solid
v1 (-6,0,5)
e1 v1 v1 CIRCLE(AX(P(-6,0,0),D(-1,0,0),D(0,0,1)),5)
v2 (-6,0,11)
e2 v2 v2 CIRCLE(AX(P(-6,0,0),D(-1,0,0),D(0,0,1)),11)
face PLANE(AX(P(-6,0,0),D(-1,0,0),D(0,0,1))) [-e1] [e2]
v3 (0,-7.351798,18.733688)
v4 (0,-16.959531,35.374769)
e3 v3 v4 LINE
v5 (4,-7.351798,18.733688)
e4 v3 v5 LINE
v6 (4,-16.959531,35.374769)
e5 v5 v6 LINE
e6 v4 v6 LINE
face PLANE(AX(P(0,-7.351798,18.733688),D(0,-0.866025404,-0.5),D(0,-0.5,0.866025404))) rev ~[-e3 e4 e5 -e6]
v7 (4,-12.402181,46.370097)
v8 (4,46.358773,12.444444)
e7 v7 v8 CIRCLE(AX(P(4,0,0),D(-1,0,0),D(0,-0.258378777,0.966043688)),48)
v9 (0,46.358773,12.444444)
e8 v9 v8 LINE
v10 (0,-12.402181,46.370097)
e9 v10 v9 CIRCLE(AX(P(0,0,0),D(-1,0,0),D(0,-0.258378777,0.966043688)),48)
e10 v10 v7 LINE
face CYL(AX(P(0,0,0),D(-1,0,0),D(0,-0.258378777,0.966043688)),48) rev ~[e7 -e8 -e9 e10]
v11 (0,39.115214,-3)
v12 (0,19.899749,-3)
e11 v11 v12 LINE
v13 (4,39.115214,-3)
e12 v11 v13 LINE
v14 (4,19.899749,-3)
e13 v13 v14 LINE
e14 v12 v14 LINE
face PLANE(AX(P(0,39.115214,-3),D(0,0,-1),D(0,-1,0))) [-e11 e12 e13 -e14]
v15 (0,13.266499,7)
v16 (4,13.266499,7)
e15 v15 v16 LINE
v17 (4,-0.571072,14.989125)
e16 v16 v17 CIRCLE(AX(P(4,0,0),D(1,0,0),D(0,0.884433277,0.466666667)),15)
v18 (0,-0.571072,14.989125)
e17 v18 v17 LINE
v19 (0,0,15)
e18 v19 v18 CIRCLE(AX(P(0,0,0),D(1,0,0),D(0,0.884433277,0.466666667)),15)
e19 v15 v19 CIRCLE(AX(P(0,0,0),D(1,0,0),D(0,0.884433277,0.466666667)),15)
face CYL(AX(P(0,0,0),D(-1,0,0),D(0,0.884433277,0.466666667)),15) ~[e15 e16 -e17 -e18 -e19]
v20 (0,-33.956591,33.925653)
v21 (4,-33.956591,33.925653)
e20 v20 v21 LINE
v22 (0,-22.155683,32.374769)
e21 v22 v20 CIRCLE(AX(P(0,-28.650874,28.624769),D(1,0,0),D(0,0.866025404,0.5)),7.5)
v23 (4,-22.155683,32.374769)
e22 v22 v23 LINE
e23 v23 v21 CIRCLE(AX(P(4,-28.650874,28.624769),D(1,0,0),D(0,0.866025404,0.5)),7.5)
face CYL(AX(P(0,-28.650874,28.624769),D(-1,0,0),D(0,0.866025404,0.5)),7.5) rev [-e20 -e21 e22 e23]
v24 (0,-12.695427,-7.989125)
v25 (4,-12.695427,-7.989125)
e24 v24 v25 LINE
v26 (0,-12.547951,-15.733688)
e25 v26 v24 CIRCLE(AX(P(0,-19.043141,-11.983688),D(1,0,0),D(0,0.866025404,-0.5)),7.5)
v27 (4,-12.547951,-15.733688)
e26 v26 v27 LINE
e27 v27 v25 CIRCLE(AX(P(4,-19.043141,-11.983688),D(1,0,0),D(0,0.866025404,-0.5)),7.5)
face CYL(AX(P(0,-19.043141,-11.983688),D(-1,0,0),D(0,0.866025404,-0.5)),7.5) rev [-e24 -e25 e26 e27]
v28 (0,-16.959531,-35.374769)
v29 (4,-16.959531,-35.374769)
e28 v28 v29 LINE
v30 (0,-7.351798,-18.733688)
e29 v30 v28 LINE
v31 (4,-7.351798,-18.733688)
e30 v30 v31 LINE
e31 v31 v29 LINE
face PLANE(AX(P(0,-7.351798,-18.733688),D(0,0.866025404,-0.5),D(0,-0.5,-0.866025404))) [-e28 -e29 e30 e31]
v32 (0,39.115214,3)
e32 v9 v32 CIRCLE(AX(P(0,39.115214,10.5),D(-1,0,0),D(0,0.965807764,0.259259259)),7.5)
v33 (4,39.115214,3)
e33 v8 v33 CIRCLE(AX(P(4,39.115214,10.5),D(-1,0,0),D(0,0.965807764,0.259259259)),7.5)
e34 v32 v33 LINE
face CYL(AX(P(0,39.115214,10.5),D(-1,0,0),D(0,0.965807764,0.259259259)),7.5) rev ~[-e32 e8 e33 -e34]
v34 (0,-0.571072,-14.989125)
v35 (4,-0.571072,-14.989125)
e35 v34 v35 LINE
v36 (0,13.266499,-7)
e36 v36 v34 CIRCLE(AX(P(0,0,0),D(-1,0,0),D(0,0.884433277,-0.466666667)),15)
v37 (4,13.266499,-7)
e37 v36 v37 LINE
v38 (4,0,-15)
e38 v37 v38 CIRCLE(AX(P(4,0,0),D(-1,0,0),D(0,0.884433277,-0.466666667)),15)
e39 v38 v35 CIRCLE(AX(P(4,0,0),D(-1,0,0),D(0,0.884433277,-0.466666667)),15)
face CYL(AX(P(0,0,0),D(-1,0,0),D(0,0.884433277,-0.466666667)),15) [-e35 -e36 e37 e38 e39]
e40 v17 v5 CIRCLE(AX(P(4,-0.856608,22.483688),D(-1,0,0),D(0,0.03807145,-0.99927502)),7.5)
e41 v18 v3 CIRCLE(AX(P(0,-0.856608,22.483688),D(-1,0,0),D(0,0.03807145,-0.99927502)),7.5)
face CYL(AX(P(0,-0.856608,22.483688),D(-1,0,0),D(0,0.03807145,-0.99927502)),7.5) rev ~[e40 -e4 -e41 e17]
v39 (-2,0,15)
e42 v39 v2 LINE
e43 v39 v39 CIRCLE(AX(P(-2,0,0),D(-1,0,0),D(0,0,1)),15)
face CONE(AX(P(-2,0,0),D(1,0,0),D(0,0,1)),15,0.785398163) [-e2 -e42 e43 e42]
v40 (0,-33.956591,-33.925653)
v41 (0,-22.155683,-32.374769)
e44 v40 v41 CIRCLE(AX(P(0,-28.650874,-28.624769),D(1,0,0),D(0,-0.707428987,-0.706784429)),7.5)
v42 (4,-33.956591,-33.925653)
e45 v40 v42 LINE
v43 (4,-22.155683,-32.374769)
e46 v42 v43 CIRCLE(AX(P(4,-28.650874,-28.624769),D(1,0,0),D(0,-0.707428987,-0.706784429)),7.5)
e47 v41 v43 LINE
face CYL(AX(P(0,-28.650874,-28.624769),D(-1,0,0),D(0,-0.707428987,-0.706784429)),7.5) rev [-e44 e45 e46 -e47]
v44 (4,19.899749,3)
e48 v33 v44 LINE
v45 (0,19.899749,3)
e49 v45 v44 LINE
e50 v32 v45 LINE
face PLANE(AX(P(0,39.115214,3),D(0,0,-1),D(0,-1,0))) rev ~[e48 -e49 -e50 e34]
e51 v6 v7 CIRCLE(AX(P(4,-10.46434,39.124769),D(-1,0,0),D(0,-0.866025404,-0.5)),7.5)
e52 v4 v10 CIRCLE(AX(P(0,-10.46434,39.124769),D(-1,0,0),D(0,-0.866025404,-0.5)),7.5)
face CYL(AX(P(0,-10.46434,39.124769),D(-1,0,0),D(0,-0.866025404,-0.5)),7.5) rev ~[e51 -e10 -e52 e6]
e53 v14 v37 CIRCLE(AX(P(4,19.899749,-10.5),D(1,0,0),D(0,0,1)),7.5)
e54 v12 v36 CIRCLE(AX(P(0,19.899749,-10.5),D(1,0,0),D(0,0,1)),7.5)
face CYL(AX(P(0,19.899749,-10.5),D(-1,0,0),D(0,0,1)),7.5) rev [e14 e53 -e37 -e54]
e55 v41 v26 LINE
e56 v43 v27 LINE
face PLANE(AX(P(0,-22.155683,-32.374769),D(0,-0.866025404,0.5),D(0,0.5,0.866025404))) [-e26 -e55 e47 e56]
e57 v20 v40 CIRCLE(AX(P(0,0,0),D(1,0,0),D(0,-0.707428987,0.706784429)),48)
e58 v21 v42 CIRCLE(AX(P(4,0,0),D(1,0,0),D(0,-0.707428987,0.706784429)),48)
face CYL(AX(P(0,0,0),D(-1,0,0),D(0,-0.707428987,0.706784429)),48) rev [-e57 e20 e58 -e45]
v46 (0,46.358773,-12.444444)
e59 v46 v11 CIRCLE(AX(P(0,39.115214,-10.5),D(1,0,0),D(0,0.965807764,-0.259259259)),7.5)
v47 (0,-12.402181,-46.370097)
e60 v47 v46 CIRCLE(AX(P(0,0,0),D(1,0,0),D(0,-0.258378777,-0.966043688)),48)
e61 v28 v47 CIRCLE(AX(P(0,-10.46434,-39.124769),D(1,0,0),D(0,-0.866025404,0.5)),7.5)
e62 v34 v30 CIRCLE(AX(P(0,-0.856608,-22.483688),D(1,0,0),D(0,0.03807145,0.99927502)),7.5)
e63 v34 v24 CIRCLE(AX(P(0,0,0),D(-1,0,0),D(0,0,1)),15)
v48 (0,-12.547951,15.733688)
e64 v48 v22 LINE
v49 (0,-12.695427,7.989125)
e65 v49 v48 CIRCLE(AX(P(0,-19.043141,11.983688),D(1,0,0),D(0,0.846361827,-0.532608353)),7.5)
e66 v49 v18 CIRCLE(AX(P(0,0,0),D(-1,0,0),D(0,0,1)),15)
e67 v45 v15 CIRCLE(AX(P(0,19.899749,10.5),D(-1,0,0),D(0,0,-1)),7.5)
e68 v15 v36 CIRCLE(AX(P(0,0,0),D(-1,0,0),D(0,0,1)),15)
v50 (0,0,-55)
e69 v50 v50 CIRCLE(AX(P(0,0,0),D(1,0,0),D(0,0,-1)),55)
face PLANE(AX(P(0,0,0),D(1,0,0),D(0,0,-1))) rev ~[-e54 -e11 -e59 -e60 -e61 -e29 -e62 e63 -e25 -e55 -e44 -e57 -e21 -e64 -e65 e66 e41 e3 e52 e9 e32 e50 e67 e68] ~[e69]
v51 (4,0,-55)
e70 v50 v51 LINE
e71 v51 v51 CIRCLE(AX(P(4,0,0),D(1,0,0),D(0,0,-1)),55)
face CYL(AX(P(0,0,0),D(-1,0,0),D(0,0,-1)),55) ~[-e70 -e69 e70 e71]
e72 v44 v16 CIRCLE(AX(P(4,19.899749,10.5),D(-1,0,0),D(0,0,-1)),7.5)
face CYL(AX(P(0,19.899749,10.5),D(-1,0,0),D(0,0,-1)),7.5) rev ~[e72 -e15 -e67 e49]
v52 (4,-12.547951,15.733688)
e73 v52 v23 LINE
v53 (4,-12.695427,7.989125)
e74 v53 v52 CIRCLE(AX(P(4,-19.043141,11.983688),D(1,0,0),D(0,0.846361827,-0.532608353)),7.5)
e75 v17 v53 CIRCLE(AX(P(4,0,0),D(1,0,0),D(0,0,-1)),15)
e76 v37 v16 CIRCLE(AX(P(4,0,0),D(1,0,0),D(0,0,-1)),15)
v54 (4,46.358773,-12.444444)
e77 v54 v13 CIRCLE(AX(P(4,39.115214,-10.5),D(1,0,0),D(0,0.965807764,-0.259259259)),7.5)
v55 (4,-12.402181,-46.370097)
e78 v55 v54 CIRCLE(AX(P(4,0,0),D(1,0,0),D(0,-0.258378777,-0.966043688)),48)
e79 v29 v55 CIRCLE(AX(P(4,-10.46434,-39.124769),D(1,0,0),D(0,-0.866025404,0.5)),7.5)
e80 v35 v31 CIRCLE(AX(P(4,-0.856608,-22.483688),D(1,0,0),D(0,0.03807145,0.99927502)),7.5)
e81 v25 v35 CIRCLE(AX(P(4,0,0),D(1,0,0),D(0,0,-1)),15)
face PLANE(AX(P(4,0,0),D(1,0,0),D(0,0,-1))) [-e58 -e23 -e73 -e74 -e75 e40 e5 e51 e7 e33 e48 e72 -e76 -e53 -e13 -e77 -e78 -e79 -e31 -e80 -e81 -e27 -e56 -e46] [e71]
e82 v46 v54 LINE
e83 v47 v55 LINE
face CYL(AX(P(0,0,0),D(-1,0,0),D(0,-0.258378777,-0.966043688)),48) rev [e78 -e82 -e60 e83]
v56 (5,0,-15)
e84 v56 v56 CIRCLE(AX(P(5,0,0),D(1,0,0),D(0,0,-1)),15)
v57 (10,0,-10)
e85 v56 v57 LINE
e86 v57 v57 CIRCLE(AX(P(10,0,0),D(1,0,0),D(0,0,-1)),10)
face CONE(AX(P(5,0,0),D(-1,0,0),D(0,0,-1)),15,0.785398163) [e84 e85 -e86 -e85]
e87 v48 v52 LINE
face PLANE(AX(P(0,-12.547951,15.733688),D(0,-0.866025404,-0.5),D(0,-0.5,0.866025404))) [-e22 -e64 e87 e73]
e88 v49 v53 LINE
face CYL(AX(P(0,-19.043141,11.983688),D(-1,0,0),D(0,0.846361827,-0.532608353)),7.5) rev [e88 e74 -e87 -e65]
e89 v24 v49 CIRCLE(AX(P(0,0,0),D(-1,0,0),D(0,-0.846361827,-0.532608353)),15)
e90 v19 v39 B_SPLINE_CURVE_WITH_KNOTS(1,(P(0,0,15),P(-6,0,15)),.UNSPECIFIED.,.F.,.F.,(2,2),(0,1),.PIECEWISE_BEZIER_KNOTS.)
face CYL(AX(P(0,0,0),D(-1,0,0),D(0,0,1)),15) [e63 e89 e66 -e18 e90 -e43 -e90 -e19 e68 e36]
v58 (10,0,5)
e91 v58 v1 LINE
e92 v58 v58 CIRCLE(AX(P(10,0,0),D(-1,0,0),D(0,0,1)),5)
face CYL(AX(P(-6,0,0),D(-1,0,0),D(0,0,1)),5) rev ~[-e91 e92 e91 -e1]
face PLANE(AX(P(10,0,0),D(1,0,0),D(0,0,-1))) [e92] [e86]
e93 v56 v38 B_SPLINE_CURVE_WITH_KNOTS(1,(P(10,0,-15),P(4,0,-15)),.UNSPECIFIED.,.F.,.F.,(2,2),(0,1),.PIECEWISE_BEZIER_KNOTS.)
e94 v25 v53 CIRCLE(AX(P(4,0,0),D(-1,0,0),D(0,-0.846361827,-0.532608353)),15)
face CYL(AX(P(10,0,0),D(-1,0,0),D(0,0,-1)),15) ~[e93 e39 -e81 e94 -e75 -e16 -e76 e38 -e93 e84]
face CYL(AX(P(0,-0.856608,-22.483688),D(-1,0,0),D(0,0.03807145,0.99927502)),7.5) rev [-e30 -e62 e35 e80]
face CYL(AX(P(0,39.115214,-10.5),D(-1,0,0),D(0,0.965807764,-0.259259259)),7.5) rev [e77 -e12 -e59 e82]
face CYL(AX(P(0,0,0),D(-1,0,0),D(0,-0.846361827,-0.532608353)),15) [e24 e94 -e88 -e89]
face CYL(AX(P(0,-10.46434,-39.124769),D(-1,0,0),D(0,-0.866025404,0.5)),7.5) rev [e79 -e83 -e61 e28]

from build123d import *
from build123d.topology import SkipClean

# Parameters (mm, degrees)
SKETCH_1_R          = 55
EXTRUDE_1_DEPTH     = 4
SKETCH_4_R          = 15
SKETCH_3_R          = 15
SKETCH_7_R          = 15
SKETCH_6_R          = 15
SKETCH_9_R          = 5
CUT_EXTRUDE_1_DEPTH = 24
CHAMFER_1_SIZE      = 5
CHAMFER_2_SIZE      = 4


with BuildPart() as part:
    # 草图1 → 凸台-拉伸1 (new body)
    with BuildSketch(Plane(origin=(0, 0, 0), x_dir=(0, 0, -1), z_dir=(1, 0, 0))):
        Circle(SKETCH_1_R)
        with BuildLine():
            Line((-3, 39.115214431), (-3, 19.899748742))
            ThreePointArc((-3, 19.899748742), (-4.077383711, 16.026765396), (-7, 13.266499161))
            ThreePointArc((-7, 13.266499161), (-12.990381057, 7.5), (-14.989125293, -0.571071754))
            ThreePointArc((-14.989125293, -0.571071754), (-15.918277829, -4.482264824), (-18.73368794, -7.35179816))
            Line((-18.73368794, -7.35179816), (-35.374769372, -16.959531004))
            ThreePointArc((-35.374769372, -16.959531004), (-41.996474081, -17.39278273), (-46.370097033, -12.402181305))
            ThreePointArc((-46.370097033, -12.402181305), (-41.569219382, 24), (-12.444444444, 46.358772659))
            ThreePointArc((-12.444444444, 46.358772659), (-5.935645354, 45.066404788), (-3, 39.115214431))
        make_face(mode=Mode.SUBTRACT)
        with BuildLine():
            Line((3, 39.115214431), (3, 19.899748742))
            ThreePointArc((3, 19.899748742), (4.077383711, 16.026765396), (7, 13.266499161))
            ThreePointArc((7, 13.266499161), (12.990381057, 7.5), (14.989125293, -0.571071754))
            ThreePointArc((14.989125293, -0.571071754), (15.918277829, -4.482264824), (18.73368794, -7.35179816))
            Line((18.73368794, -7.35179816), (35.374769372, -16.959531004))
            ThreePointArc((35.374769372, -16.959531004), (41.996474081, -17.39278273), (46.370097033, -12.402181305))
            ThreePointArc((46.370097033, -12.402181305), (41.569219382, 24), (12.444444444, 46.358772659))
            ThreePointArc((12.444444444, 46.358772659), (5.935645354, 45.066404788), (3, 39.115214431))
        make_face(mode=Mode.SUBTRACT)
        with BuildLine():
            Line((32.374769372, -22.155683427), (15.73368794, -12.547950582))
            ThreePointArc((15.73368794, -12.547950582), (11.840894118, -11.544500572), (7.989125293, -12.695427407))
            ThreePointArc((7.989125293, -12.695427407), (0, -15), (-7.989125293, -12.695427407))
            ThreePointArc((-7.989125293, -12.695427407), (-11.840894118, -11.544500572), (-15.73368794, -12.547950582))
            Line((-15.73368794, -12.547950582), (-32.374769372, -22.155683427))
            ThreePointArc((-32.374769372, -22.155683427), (-36.060828727, -27.673622059), (-33.925652589, -33.956591354))
            ThreePointArc((-33.925652589, -33.956591354), (0, -48), (33.925652589, -33.956591354))
            ThreePointArc((33.925652589, -33.956591354), (36.060828727, -27.673622059), (32.374769372, -22.155683427))
        make_face(mode=Mode.SUBTRACT)
    extrude(amount=EXTRUDE_1_DEPTH)

    # 草图4 → 放样1 section 0
    with BuildSketch(Plane.ZY):
        Circle(SKETCH_4_R)
    # 草图3 → 放样1 section 1
    with BuildSketch(Plane.ZY.offset(6)):
        Circle(SKETCH_3_R)
    loft()

    # 草图7 → 放样2 section 0
    with SkipClean():  # the faces are left unmerged after this step: merging them gives an invalid solid
        with BuildSketch(Plane(origin=(10, 0, 0), x_dir=(0, 0, -1), z_dir=(1, 0, 0))):
            Circle(SKETCH_7_R)
        # 草图6 → 放样2 section 1
        with BuildSketch(Plane(origin=(4, 0, 0), x_dir=(0, 0, -1), z_dir=(1, 0, 0))):
            Circle(SKETCH_6_R)
        loft()

    # 草图9 → 切除-拉伸1 (cut, symmetric)
    with SkipClean():  # the faces are left unmerged after this step: merging them gives an invalid solid
        with BuildSketch(Plane.ZY.offset(6)):
            Circle(SKETCH_9_R)
        extrude(amount=CUT_EXTRUDE_1_DEPTH, both=True, mode=Mode.SUBTRACT)

    # 倒角1
    chamfer_1_edges = [part.edges().sort_by_distance(p)[0] for p in [
        (10, 0, 15),
    ]]
    chamfer(chamfer_1_edges, length=CHAMFER_1_SIZE)

    # 倒角2
    chamfer_2_edges = [part.edges().sort_by_distance(p)[0] for p in [
        (-6, 0, -15),
    ]]
    chamfer(chamfer_2_edges, length=CHAMFER_2_SIZE)


solid = part.part
